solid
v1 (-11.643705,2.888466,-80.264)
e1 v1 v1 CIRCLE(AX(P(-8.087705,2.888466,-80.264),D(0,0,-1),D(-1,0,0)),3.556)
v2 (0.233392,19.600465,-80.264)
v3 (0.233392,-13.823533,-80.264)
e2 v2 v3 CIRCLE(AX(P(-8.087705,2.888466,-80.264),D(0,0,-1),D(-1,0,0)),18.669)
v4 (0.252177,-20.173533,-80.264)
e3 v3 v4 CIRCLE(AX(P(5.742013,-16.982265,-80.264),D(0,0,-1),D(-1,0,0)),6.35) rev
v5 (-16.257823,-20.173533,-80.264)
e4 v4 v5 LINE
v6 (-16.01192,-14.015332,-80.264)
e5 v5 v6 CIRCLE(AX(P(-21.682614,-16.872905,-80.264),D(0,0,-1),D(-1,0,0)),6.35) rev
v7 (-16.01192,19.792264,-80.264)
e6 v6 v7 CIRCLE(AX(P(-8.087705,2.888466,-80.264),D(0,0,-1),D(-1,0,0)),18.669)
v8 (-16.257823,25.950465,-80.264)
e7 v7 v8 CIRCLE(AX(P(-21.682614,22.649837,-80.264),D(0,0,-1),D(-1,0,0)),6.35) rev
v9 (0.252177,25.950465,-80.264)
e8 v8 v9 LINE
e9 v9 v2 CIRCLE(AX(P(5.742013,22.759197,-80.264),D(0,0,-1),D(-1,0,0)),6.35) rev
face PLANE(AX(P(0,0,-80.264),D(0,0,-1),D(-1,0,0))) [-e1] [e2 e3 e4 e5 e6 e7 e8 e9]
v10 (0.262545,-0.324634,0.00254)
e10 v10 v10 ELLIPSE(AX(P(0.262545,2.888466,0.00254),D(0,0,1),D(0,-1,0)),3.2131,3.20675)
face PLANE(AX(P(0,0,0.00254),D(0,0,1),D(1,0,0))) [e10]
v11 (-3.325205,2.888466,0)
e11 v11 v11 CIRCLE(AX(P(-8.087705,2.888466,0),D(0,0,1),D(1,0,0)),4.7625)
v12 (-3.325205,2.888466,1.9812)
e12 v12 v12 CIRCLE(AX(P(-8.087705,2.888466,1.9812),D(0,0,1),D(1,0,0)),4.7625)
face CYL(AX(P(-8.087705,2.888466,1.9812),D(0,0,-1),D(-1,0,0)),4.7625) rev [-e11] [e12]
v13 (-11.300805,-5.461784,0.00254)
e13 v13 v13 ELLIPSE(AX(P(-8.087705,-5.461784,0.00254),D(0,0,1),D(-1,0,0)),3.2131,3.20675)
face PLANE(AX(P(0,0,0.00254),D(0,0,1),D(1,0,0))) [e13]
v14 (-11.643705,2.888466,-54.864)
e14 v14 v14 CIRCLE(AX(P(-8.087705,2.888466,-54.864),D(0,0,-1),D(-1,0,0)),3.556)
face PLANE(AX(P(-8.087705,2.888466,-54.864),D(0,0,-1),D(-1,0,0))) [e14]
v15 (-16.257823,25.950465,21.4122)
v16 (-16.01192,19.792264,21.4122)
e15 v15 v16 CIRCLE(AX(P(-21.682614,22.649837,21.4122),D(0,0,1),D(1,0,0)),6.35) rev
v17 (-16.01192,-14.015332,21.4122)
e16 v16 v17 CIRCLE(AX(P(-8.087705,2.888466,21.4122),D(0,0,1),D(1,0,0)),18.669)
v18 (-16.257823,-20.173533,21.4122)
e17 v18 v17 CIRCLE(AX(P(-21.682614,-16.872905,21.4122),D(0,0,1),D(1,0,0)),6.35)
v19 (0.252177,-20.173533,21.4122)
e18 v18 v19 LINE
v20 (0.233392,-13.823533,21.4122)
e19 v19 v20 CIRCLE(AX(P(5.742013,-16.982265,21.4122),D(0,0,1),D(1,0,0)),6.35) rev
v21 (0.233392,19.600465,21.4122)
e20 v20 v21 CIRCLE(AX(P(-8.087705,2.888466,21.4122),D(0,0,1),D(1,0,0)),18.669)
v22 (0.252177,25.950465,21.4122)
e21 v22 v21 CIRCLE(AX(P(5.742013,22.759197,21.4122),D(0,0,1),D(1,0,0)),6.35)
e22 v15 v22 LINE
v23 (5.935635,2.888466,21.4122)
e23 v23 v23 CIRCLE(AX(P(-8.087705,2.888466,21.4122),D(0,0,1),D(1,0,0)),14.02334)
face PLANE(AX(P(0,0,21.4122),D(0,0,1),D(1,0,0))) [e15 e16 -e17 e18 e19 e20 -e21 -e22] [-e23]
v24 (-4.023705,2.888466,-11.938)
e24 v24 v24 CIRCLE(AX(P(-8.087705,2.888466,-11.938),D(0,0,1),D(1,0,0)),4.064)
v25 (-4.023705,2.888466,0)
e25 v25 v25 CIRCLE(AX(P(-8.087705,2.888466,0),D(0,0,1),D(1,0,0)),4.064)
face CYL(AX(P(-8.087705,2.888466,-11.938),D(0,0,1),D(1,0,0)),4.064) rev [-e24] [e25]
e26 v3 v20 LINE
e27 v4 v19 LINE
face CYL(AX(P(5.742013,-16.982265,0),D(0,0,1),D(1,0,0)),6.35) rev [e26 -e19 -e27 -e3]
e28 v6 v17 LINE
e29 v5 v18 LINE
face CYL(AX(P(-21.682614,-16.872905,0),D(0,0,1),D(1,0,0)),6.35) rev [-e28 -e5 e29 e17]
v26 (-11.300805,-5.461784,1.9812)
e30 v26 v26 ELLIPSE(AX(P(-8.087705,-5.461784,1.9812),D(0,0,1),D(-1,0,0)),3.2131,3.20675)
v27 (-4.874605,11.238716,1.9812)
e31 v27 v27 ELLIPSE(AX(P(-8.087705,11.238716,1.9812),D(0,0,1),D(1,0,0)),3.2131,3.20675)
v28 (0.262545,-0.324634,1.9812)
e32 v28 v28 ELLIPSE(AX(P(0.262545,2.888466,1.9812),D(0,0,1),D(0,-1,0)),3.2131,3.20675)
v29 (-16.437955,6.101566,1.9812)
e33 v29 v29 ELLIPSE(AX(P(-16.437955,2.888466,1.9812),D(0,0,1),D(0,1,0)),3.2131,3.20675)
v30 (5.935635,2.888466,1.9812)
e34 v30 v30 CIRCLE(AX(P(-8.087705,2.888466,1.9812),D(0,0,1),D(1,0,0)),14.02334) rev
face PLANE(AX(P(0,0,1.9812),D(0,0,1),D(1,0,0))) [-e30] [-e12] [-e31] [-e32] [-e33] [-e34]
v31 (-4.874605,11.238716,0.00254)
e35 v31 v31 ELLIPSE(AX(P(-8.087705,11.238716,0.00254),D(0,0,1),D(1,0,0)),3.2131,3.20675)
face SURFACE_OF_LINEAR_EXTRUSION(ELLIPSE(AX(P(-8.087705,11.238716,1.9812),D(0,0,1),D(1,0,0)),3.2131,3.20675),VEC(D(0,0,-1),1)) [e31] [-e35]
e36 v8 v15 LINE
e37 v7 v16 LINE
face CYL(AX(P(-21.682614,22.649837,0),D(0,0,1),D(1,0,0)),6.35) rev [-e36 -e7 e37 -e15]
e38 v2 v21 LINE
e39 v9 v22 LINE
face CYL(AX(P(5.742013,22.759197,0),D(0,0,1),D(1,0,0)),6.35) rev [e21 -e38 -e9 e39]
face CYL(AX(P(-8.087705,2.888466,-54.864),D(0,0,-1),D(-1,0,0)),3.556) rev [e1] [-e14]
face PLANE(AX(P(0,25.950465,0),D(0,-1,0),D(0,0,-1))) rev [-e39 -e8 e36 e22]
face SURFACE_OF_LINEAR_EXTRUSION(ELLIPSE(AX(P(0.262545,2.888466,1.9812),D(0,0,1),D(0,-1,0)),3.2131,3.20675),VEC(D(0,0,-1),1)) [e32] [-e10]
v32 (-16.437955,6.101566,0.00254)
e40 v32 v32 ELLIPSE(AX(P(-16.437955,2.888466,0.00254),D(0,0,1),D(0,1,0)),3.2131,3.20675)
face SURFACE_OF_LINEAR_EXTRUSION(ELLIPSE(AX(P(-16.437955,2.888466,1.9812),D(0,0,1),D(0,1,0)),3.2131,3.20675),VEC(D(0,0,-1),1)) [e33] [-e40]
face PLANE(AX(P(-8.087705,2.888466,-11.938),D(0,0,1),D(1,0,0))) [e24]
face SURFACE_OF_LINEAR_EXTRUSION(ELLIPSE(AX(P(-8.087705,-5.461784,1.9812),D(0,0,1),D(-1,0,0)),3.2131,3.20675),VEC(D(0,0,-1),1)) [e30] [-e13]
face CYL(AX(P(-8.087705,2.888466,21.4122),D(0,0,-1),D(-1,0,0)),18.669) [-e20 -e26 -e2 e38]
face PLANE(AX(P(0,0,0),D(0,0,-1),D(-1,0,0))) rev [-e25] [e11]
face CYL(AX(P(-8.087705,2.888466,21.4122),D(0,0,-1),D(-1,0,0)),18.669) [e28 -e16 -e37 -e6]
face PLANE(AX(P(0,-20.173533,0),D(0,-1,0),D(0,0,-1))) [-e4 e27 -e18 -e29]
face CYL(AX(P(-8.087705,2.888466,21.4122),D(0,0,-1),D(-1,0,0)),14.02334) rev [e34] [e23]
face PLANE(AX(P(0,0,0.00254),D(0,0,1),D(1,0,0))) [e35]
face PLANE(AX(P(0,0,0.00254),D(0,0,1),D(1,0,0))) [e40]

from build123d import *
from build123d.topology import SkipClean

# Parameters (mm, degrees)
BOSS_EXTRUDE1_DEPTH   = 0.00254
BOSS_EXTRUDE1_2_DEPTH = 0.00254
BOSS_EXTRUDE1_3_DEPTH = 0.00254
BOSS_EXTRUDE1_4_DEPTH = 0.00254
SKETCH1_3_R           = 4.7625
BOSS_EXTRUDE2_DEPTH   = 1.9812
SKETCH1_6_R           = 14.02334
BOSS_EXTRUDE4_DEPTH   = 1.9812
SKETCH1_7_R           = 18.669
SKETCH1_7_R_2         = 14.02334
BOSS_EXTRUDE5_DEPTH   = 21.4122
BOSS_EXTRUDE6_DEPTH   = 21.4122
BOSS_EXTRUDE7_DEPTH   = 80.264
SKETCH9_R             = 4.064
CUT_EXTRUDE6_DEPTH    = 11.938
SKETCH10_R            = 3.556
CUT_EXTRUDE7_DEPTH    = 25.4


with BuildPart() as part:
    # Sketch1 → Boss-Extrude1 (new body)
    with BuildSketch(Plane.XY):
        with BuildLine():
            add(Edge.make_bspline(
                [(-11.267882352, 10.780839024), (-10.870534927, 8.031966006), (-8.087704817, 8.031966006), (-5.304874707, 8.031966006), (-4.907527282, 10.780839024)],
                knots=[3.284867705, 3.284867705, 3.284867705, 4.71238898, 4.71238898, 6.139910255, 6.139910255, 6.139910255], degree=2, weights=[1, 0.755905209, 1, 0.755905209, 1]))
            add(Edge.make_bspline(
                [(-4.907527282, 10.780839024), (-4.377808345, 14.445466006), (-8.087704817, 14.445466006), (-11.79760129, 14.445466006), (-11.267882352, 10.780839024)],
                knots=[6.139910255, 6.139910255, 6.139910255, 7.853981634, 7.853981634, 9.568053013, 9.568053013, 9.568053013], degree=2, weights=[1, 0.654681079, 1, 0.654681079, 1]))
        make_face()
    extrude(amount=BOSS_EXTRUDE1_DEPTH)



with BuildPart() as body_2:
    # Sketch1 → Boss-Extrude1 2 (new body)
    with BuildSketch(Plane.XY):
        with BuildLine():
            add(Edge.make_bspline(
                [(-15.980077835, -0.291711529), (-13.231204817, 0.105635896), (-13.231204817, 2.888466006), (-13.231204817, 5.671296116), (-15.980077835, 6.068643541)],
                knots=[3.284867705, 3.284867705, 3.284867705, 4.71238898, 4.71238898, 6.139910255, 6.139910255, 6.139910255], degree=2, weights=[1, 0.755905209, 1, 0.755905209, 1]))
            add(Edge.make_bspline(
                [(-15.980077835, 6.068643541), (-19.644704817, 6.598362479), (-19.644704817, 2.888466006), (-19.644704817, -0.821430466), (-15.980077835, -0.291711529)],
                knots=[6.139910255, 6.139910255, 6.139910255, 7.853981634, 7.853981634, 9.568053013, 9.568053013, 9.568053013], degree=2, weights=[1, 0.654681079, 1, 0.654681079, 1]))
        make_face()
    extrude(amount=BOSS_EXTRUDE1_2_DEPTH)


with BuildPart() as body_3:
    # Sketch1 → Boss-Extrude1 3 (new body)
    with BuildSketch(Plane.XY):
        with BuildLine():
            add(Edge.make_bspline(
                [(-4.907527282, -5.003907011), (-5.304874707, -2.255033994), (-8.087704817, -2.255033994), (-10.870534927, -2.255033994), (-11.267882352, -5.003907011)],
                knots=[3.284867705, 3.284867705, 3.284867705, 4.71238898, 4.71238898, 6.139910255, 6.139910255, 6.139910255], degree=2, weights=[1, 0.755905209, 1, 0.755905209, 1]))
            add(Edge.make_bspline(
                [(-11.267882352, -5.003907011), (-11.79760129, -8.668533994), (-8.087704817, -8.668533994), (-4.377808345, -8.668533994), (-4.907527282, -5.003907011)],
                knots=[6.139910255, 6.139910255, 6.139910255, 7.853981634, 7.853981634, 9.568053013, 9.568053013, 9.568053013], degree=2, weights=[1, 0.654681079, 1, 0.654681079, 1]))
        make_face()
    extrude(amount=BOSS_EXTRUDE1_3_DEPTH)


with BuildPart() as body_4:
    # Sketch1 → Boss-Extrude1 4 (new body)
    with BuildSketch(Plane.XY):
        with BuildLine():
            add(Edge.make_bspline(
                [(-0.1953318, 6.068643541), (-2.944204817, 5.671296116), (-2.944204817, 2.888466006), (-2.944204817, 0.105635896), (-0.1953318, -0.291711529)],
                knots=[3.284867705, 3.284867705, 3.284867705, 4.71238898, 4.71238898, 6.139910255, 6.139910255, 6.139910255], degree=2, weights=[1, 0.755905209, 1, 0.755905209, 1]))
            add(Edge.make_bspline(
                [(-0.1953318, -0.291711529), (3.469295183, -0.821430466), (3.469295183, 2.888466006), (3.469295183, 6.598362479), (-0.1953318, 6.068643541)],
                knots=[6.139910255, 6.139910255, 6.139910255, 7.853981634, 7.853981634, 9.568053013, 9.568053013, 9.568053013], degree=2, weights=[1, 0.654681079, 1, 0.654681079, 1]))
        make_face()
    extrude(amount=BOSS_EXTRUDE1_4_DEPTH)


with BuildPart() as part_1:
    add(part.part)

    add(body_2.part)  # Boss-Extrude2 merges body 2

    add(body_3.part)  # Boss-Extrude2 merges body 3

    add(body_4.part)  # Boss-Extrude2 merges body 4
    # Sketch1<3> → Boss-Extrude2 (add)
    with BuildSketch(Plane.XY):
        with BuildLine():
            ThreePointArc((-0.1953318, 6.068643541), (-2.070933216, 8.905237607), (-4.907527282, 10.780839024))
            add(Edge.make_bspline(
                [(-11.267882352, 10.780839024), (-10.870534927, 8.031966006), (-8.087704817, 8.031966006), (-5.304874707, 8.031966006), (-4.907527282, 10.780839024)],
                knots=[3.284867705, 3.284867705, 3.284867705, 4.71238898, 4.71238898, 6.139910255, 6.139910255, 6.139910255], degree=2, weights=[1, 0.755905209, 1, 0.755905209, 1]))
            ThreePointArc((-11.267882352, 10.780839024), (-14.104476418, 8.905237607), (-15.980077835, 6.068643541))
            add(Edge.make_bspline(
                [(-15.980077835, -0.291711529), (-13.231204817, 0.105635896), (-13.231204817, 2.888466006), (-13.231204817, 5.671296116), (-15.980077835, 6.068643541)],
                knots=[3.284867705, 3.284867705, 3.284867705, 4.71238898, 4.71238898, 6.139910255, 6.139910255, 6.139910255], degree=2, weights=[1, 0.755905209, 1, 0.755905209, 1]))
            ThreePointArc((-15.980077835, -0.291711529), (-14.104476418, -3.128305595), (-11.267882352, -5.003907011))
            add(Edge.make_bspline(
                [(-4.907527282, -5.003907011), (-5.304874707, -2.255033994), (-8.087704817, -2.255033994), (-10.870534927, -2.255033994), (-11.267882352, -5.003907011)],
                knots=[3.284867705, 3.284867705, 3.284867705, 4.71238898, 4.71238898, 6.139910255, 6.139910255, 6.139910255], degree=2, weights=[1, 0.755905209, 1, 0.755905209, 1]))
            ThreePointArc((-4.907527282, -5.003907011), (-2.070933216, -3.128305595), (-0.1953318, -0.291711529))
            add(Edge.make_bspline(
                [(-0.1953318, 6.068643541), (-2.944204817, 5.671296116), (-2.944204817, 2.888466006), (-2.944204817, 0.105635896), (-0.1953318, -0.291711529)],
                knots=[3.284867705, 3.284867705, 3.284867705, 4.71238898, 4.71238898, 6.139910255, 6.139910255, 6.139910255], degree=2, weights=[1, 0.755905209, 1, 0.755905209, 1]))
        make_face()
        with Locations((-8.087704817, 2.888466006)):
            Circle(SKETCH1_3_R, mode=Mode.SUBTRACT)
    extrude(amount=BOSS_EXTRUDE2_DEPTH)

    # Sketch1<6> → Boss-Extrude4 (add)
    with BuildSketch(Plane.XY):
        with Locations((-8.087704817, 2.888466006)):
            Circle(SKETCH1_6_R)
        with BuildLine():
            add(Edge.make_bspline(
                [(-15.980077835, 6.068643541), (-19.644704817, 6.598362479), (-19.644704817, 2.888466006), (-19.644704817, -0.821430466), (-15.980077835, -0.291711529)],
                knots=[6.139910255, 6.139910255, 6.139910255, 7.853981634, 7.853981634, 9.568053013, 9.568053013, 9.568053013], degree=2, weights=[1, 0.654681079, 1, 0.654681079, 1]))
            ThreePointArc((-15.980077835, -0.291711529), (-14.104476418, -3.128305595), (-11.267882352, -5.003907011))
            add(Edge.make_bspline(
                [(-11.267882352, -5.003907011), (-11.79760129, -8.668533994), (-8.087704817, -8.668533994), (-4.377808345, -8.668533994), (-4.907527282, -5.003907011)],
                knots=[6.139910255, 6.139910255, 6.139910255, 7.853981634, 7.853981634, 9.568053013, 9.568053013, 9.568053013], degree=2, weights=[1, 0.654681079, 1, 0.654681079, 1]))
            ThreePointArc((-4.907527282, -5.003907011), (-2.070933216, -3.128305595), (-0.1953318, -0.291711529))
            add(Edge.make_bspline(
                [(-0.1953318, -0.291711529), (3.469295183, -0.821430466), (3.469295183, 2.888466006), (3.469295183, 6.598362479), (-0.1953318, 6.068643541)],
                knots=[6.139910255, 6.139910255, 6.139910255, 7.853981634, 7.853981634, 9.568053013, 9.568053013, 9.568053013], degree=2, weights=[1, 0.654681079, 1, 0.654681079, 1]))
            ThreePointArc((-0.1953318, 6.068643541), (-2.070933216, 8.905237607), (-4.907527282, 10.780839024))
            add(Edge.make_bspline(
                [(-4.907527282, 10.780839024), (-4.377808345, 14.445466006), (-8.087704817, 14.445466006), (-11.79760129, 14.445466006), (-11.267882352, 10.780839024)],
                knots=[6.139910255, 6.139910255, 6.139910255, 7.853981634, 7.853981634, 9.568053013, 9.568053013, 9.568053013], degree=2, weights=[1, 0.654681079, 1, 0.654681079, 1]))
            ThreePointArc((-11.267882352, 10.780839024), (-14.104476418, 8.905237607), (-15.980077835, 6.068643541))
        make_face(mode=Mode.SUBTRACT)
    extrude(amount=BOSS_EXTRUDE4_DEPTH)

    # Sketch1<7> → Boss-Extrude5 (add)
    with BuildSketch(Plane.XY):
        with Locations((-8.087704817, 2.888466006)):
            Circle(SKETCH1_7_R)
        with Locations((-8.087704817, 2.888466006)):
            Circle(SKETCH1_7_R_2, mode=Mode.SUBTRACT)
    extrude(amount=BOSS_EXTRUDE5_DEPTH)

    # Sketch2 → Boss-Extrude6 (add, through all)
    with BuildSketch(Plane.XY.offset(21.4122)):
        with BuildLine():
            ThreePointArc((-16.011919536, 19.792263866), (-7.867306443, 21.556164995), (0.233391542, 19.60046518))
            ThreePointArc((0.233391542, 19.60046518), (-0.607958843, 22.777981932), (0.25217674, 25.95046518))
            Line((0.25217674, 25.95046518), (-16.25782326, 25.95046518))
            ThreePointArc((-16.25782326, 25.95046518), (-15.337670431, 22.903197631), (-16.011919536, 19.792263866))
        make_face()
        with BuildLine():
            ThreePointArc((0.233391542, -13.823533167), (-7.867306443, -15.779232983), (-16.011919536, -14.015331854))
            ThreePointArc((-16.011919536, -14.015331854), (-15.337670431, -17.126265618), (-16.25782326, -20.173533167))
            Line((-16.25782326, -20.173533167), (0.25217674, -20.173533167))
            ThreePointArc((0.25217674, -20.173533167), (-0.607958843, -17.001049919), (0.233391542, -13.823533167))
        make_face()
    extrude(amount=-BOSS_EXTRUDE6_DEPTH)

    # Sketch3 → Boss-Extrude7 (add)
    with SkipClean():  # the faces are left unmerged after this step: merging them gives an invalid solid
        with BuildSketch(Plane(origin=(0, 0, 0), x_dir=(-1, 0, 0), z_dir=(0, 0, -1))):
            with BuildLine():
                ThreePointArc((16.011919536, 19.792263866), (15.337670431, 22.903197631), (16.25782326, 25.95046518))
                Line((16.25782326, 25.95046518), (-0.25217674, 25.95046518))
                ThreePointArc((-0.25217674, 25.95046518), (0.607958843, 22.777981932), (-0.233391542, 19.60046518))
                ThreePointArc((-0.233391542, 19.60046518), (-10.581295183, 2.888466006), (-0.233391542, -13.823533167))
                ThreePointArc((-0.233391542, -13.823533167), (0.607958843, -17.001049919), (-0.25217674, -20.173533167))
                Line((-0.25217674, -20.173533167), (16.25782326, -20.173533167))
                ThreePointArc((16.25782326, -20.173533167), (15.337670431, -17.126265618), (16.011919536, -14.015331854))
                ThreePointArc((16.011919536, -14.015331854), (26.756704817, 2.888466006), (16.011919536, 19.792263866))
            make_face()
        extrude(amount=BOSS_EXTRUDE7_DEPTH)

    # Sketch9 → Cut-Extrude6 (cut)
    with SkipClean():  # the faces are left unmerged after this step: merging them gives an invalid solid
        with BuildSketch(Plane.XY):
            with Locations((-8.087704817, 2.888466006)):
                Circle(SKETCH9_R)
        extrude(amount=-CUT_EXTRUDE6_DEPTH, mode=Mode.SUBTRACT)

    # Sketch10 → Cut-Extrude7 (cut)
    with SkipClean():  # the faces are left unmerged after this step: merging them gives an invalid solid
        with BuildSketch(Plane(origin=(0, 0, -80.264), x_dir=(-1, 0, 0), z_dir=(0, 0, -1))):
            with Locations((8.087704817, 2.888466006)):
                Circle(SKETCH10_R)
        extrude(amount=-CUT_EXTRUDE7_DEPTH, mode=Mode.SUBTRACT)


solid = part_1.part
